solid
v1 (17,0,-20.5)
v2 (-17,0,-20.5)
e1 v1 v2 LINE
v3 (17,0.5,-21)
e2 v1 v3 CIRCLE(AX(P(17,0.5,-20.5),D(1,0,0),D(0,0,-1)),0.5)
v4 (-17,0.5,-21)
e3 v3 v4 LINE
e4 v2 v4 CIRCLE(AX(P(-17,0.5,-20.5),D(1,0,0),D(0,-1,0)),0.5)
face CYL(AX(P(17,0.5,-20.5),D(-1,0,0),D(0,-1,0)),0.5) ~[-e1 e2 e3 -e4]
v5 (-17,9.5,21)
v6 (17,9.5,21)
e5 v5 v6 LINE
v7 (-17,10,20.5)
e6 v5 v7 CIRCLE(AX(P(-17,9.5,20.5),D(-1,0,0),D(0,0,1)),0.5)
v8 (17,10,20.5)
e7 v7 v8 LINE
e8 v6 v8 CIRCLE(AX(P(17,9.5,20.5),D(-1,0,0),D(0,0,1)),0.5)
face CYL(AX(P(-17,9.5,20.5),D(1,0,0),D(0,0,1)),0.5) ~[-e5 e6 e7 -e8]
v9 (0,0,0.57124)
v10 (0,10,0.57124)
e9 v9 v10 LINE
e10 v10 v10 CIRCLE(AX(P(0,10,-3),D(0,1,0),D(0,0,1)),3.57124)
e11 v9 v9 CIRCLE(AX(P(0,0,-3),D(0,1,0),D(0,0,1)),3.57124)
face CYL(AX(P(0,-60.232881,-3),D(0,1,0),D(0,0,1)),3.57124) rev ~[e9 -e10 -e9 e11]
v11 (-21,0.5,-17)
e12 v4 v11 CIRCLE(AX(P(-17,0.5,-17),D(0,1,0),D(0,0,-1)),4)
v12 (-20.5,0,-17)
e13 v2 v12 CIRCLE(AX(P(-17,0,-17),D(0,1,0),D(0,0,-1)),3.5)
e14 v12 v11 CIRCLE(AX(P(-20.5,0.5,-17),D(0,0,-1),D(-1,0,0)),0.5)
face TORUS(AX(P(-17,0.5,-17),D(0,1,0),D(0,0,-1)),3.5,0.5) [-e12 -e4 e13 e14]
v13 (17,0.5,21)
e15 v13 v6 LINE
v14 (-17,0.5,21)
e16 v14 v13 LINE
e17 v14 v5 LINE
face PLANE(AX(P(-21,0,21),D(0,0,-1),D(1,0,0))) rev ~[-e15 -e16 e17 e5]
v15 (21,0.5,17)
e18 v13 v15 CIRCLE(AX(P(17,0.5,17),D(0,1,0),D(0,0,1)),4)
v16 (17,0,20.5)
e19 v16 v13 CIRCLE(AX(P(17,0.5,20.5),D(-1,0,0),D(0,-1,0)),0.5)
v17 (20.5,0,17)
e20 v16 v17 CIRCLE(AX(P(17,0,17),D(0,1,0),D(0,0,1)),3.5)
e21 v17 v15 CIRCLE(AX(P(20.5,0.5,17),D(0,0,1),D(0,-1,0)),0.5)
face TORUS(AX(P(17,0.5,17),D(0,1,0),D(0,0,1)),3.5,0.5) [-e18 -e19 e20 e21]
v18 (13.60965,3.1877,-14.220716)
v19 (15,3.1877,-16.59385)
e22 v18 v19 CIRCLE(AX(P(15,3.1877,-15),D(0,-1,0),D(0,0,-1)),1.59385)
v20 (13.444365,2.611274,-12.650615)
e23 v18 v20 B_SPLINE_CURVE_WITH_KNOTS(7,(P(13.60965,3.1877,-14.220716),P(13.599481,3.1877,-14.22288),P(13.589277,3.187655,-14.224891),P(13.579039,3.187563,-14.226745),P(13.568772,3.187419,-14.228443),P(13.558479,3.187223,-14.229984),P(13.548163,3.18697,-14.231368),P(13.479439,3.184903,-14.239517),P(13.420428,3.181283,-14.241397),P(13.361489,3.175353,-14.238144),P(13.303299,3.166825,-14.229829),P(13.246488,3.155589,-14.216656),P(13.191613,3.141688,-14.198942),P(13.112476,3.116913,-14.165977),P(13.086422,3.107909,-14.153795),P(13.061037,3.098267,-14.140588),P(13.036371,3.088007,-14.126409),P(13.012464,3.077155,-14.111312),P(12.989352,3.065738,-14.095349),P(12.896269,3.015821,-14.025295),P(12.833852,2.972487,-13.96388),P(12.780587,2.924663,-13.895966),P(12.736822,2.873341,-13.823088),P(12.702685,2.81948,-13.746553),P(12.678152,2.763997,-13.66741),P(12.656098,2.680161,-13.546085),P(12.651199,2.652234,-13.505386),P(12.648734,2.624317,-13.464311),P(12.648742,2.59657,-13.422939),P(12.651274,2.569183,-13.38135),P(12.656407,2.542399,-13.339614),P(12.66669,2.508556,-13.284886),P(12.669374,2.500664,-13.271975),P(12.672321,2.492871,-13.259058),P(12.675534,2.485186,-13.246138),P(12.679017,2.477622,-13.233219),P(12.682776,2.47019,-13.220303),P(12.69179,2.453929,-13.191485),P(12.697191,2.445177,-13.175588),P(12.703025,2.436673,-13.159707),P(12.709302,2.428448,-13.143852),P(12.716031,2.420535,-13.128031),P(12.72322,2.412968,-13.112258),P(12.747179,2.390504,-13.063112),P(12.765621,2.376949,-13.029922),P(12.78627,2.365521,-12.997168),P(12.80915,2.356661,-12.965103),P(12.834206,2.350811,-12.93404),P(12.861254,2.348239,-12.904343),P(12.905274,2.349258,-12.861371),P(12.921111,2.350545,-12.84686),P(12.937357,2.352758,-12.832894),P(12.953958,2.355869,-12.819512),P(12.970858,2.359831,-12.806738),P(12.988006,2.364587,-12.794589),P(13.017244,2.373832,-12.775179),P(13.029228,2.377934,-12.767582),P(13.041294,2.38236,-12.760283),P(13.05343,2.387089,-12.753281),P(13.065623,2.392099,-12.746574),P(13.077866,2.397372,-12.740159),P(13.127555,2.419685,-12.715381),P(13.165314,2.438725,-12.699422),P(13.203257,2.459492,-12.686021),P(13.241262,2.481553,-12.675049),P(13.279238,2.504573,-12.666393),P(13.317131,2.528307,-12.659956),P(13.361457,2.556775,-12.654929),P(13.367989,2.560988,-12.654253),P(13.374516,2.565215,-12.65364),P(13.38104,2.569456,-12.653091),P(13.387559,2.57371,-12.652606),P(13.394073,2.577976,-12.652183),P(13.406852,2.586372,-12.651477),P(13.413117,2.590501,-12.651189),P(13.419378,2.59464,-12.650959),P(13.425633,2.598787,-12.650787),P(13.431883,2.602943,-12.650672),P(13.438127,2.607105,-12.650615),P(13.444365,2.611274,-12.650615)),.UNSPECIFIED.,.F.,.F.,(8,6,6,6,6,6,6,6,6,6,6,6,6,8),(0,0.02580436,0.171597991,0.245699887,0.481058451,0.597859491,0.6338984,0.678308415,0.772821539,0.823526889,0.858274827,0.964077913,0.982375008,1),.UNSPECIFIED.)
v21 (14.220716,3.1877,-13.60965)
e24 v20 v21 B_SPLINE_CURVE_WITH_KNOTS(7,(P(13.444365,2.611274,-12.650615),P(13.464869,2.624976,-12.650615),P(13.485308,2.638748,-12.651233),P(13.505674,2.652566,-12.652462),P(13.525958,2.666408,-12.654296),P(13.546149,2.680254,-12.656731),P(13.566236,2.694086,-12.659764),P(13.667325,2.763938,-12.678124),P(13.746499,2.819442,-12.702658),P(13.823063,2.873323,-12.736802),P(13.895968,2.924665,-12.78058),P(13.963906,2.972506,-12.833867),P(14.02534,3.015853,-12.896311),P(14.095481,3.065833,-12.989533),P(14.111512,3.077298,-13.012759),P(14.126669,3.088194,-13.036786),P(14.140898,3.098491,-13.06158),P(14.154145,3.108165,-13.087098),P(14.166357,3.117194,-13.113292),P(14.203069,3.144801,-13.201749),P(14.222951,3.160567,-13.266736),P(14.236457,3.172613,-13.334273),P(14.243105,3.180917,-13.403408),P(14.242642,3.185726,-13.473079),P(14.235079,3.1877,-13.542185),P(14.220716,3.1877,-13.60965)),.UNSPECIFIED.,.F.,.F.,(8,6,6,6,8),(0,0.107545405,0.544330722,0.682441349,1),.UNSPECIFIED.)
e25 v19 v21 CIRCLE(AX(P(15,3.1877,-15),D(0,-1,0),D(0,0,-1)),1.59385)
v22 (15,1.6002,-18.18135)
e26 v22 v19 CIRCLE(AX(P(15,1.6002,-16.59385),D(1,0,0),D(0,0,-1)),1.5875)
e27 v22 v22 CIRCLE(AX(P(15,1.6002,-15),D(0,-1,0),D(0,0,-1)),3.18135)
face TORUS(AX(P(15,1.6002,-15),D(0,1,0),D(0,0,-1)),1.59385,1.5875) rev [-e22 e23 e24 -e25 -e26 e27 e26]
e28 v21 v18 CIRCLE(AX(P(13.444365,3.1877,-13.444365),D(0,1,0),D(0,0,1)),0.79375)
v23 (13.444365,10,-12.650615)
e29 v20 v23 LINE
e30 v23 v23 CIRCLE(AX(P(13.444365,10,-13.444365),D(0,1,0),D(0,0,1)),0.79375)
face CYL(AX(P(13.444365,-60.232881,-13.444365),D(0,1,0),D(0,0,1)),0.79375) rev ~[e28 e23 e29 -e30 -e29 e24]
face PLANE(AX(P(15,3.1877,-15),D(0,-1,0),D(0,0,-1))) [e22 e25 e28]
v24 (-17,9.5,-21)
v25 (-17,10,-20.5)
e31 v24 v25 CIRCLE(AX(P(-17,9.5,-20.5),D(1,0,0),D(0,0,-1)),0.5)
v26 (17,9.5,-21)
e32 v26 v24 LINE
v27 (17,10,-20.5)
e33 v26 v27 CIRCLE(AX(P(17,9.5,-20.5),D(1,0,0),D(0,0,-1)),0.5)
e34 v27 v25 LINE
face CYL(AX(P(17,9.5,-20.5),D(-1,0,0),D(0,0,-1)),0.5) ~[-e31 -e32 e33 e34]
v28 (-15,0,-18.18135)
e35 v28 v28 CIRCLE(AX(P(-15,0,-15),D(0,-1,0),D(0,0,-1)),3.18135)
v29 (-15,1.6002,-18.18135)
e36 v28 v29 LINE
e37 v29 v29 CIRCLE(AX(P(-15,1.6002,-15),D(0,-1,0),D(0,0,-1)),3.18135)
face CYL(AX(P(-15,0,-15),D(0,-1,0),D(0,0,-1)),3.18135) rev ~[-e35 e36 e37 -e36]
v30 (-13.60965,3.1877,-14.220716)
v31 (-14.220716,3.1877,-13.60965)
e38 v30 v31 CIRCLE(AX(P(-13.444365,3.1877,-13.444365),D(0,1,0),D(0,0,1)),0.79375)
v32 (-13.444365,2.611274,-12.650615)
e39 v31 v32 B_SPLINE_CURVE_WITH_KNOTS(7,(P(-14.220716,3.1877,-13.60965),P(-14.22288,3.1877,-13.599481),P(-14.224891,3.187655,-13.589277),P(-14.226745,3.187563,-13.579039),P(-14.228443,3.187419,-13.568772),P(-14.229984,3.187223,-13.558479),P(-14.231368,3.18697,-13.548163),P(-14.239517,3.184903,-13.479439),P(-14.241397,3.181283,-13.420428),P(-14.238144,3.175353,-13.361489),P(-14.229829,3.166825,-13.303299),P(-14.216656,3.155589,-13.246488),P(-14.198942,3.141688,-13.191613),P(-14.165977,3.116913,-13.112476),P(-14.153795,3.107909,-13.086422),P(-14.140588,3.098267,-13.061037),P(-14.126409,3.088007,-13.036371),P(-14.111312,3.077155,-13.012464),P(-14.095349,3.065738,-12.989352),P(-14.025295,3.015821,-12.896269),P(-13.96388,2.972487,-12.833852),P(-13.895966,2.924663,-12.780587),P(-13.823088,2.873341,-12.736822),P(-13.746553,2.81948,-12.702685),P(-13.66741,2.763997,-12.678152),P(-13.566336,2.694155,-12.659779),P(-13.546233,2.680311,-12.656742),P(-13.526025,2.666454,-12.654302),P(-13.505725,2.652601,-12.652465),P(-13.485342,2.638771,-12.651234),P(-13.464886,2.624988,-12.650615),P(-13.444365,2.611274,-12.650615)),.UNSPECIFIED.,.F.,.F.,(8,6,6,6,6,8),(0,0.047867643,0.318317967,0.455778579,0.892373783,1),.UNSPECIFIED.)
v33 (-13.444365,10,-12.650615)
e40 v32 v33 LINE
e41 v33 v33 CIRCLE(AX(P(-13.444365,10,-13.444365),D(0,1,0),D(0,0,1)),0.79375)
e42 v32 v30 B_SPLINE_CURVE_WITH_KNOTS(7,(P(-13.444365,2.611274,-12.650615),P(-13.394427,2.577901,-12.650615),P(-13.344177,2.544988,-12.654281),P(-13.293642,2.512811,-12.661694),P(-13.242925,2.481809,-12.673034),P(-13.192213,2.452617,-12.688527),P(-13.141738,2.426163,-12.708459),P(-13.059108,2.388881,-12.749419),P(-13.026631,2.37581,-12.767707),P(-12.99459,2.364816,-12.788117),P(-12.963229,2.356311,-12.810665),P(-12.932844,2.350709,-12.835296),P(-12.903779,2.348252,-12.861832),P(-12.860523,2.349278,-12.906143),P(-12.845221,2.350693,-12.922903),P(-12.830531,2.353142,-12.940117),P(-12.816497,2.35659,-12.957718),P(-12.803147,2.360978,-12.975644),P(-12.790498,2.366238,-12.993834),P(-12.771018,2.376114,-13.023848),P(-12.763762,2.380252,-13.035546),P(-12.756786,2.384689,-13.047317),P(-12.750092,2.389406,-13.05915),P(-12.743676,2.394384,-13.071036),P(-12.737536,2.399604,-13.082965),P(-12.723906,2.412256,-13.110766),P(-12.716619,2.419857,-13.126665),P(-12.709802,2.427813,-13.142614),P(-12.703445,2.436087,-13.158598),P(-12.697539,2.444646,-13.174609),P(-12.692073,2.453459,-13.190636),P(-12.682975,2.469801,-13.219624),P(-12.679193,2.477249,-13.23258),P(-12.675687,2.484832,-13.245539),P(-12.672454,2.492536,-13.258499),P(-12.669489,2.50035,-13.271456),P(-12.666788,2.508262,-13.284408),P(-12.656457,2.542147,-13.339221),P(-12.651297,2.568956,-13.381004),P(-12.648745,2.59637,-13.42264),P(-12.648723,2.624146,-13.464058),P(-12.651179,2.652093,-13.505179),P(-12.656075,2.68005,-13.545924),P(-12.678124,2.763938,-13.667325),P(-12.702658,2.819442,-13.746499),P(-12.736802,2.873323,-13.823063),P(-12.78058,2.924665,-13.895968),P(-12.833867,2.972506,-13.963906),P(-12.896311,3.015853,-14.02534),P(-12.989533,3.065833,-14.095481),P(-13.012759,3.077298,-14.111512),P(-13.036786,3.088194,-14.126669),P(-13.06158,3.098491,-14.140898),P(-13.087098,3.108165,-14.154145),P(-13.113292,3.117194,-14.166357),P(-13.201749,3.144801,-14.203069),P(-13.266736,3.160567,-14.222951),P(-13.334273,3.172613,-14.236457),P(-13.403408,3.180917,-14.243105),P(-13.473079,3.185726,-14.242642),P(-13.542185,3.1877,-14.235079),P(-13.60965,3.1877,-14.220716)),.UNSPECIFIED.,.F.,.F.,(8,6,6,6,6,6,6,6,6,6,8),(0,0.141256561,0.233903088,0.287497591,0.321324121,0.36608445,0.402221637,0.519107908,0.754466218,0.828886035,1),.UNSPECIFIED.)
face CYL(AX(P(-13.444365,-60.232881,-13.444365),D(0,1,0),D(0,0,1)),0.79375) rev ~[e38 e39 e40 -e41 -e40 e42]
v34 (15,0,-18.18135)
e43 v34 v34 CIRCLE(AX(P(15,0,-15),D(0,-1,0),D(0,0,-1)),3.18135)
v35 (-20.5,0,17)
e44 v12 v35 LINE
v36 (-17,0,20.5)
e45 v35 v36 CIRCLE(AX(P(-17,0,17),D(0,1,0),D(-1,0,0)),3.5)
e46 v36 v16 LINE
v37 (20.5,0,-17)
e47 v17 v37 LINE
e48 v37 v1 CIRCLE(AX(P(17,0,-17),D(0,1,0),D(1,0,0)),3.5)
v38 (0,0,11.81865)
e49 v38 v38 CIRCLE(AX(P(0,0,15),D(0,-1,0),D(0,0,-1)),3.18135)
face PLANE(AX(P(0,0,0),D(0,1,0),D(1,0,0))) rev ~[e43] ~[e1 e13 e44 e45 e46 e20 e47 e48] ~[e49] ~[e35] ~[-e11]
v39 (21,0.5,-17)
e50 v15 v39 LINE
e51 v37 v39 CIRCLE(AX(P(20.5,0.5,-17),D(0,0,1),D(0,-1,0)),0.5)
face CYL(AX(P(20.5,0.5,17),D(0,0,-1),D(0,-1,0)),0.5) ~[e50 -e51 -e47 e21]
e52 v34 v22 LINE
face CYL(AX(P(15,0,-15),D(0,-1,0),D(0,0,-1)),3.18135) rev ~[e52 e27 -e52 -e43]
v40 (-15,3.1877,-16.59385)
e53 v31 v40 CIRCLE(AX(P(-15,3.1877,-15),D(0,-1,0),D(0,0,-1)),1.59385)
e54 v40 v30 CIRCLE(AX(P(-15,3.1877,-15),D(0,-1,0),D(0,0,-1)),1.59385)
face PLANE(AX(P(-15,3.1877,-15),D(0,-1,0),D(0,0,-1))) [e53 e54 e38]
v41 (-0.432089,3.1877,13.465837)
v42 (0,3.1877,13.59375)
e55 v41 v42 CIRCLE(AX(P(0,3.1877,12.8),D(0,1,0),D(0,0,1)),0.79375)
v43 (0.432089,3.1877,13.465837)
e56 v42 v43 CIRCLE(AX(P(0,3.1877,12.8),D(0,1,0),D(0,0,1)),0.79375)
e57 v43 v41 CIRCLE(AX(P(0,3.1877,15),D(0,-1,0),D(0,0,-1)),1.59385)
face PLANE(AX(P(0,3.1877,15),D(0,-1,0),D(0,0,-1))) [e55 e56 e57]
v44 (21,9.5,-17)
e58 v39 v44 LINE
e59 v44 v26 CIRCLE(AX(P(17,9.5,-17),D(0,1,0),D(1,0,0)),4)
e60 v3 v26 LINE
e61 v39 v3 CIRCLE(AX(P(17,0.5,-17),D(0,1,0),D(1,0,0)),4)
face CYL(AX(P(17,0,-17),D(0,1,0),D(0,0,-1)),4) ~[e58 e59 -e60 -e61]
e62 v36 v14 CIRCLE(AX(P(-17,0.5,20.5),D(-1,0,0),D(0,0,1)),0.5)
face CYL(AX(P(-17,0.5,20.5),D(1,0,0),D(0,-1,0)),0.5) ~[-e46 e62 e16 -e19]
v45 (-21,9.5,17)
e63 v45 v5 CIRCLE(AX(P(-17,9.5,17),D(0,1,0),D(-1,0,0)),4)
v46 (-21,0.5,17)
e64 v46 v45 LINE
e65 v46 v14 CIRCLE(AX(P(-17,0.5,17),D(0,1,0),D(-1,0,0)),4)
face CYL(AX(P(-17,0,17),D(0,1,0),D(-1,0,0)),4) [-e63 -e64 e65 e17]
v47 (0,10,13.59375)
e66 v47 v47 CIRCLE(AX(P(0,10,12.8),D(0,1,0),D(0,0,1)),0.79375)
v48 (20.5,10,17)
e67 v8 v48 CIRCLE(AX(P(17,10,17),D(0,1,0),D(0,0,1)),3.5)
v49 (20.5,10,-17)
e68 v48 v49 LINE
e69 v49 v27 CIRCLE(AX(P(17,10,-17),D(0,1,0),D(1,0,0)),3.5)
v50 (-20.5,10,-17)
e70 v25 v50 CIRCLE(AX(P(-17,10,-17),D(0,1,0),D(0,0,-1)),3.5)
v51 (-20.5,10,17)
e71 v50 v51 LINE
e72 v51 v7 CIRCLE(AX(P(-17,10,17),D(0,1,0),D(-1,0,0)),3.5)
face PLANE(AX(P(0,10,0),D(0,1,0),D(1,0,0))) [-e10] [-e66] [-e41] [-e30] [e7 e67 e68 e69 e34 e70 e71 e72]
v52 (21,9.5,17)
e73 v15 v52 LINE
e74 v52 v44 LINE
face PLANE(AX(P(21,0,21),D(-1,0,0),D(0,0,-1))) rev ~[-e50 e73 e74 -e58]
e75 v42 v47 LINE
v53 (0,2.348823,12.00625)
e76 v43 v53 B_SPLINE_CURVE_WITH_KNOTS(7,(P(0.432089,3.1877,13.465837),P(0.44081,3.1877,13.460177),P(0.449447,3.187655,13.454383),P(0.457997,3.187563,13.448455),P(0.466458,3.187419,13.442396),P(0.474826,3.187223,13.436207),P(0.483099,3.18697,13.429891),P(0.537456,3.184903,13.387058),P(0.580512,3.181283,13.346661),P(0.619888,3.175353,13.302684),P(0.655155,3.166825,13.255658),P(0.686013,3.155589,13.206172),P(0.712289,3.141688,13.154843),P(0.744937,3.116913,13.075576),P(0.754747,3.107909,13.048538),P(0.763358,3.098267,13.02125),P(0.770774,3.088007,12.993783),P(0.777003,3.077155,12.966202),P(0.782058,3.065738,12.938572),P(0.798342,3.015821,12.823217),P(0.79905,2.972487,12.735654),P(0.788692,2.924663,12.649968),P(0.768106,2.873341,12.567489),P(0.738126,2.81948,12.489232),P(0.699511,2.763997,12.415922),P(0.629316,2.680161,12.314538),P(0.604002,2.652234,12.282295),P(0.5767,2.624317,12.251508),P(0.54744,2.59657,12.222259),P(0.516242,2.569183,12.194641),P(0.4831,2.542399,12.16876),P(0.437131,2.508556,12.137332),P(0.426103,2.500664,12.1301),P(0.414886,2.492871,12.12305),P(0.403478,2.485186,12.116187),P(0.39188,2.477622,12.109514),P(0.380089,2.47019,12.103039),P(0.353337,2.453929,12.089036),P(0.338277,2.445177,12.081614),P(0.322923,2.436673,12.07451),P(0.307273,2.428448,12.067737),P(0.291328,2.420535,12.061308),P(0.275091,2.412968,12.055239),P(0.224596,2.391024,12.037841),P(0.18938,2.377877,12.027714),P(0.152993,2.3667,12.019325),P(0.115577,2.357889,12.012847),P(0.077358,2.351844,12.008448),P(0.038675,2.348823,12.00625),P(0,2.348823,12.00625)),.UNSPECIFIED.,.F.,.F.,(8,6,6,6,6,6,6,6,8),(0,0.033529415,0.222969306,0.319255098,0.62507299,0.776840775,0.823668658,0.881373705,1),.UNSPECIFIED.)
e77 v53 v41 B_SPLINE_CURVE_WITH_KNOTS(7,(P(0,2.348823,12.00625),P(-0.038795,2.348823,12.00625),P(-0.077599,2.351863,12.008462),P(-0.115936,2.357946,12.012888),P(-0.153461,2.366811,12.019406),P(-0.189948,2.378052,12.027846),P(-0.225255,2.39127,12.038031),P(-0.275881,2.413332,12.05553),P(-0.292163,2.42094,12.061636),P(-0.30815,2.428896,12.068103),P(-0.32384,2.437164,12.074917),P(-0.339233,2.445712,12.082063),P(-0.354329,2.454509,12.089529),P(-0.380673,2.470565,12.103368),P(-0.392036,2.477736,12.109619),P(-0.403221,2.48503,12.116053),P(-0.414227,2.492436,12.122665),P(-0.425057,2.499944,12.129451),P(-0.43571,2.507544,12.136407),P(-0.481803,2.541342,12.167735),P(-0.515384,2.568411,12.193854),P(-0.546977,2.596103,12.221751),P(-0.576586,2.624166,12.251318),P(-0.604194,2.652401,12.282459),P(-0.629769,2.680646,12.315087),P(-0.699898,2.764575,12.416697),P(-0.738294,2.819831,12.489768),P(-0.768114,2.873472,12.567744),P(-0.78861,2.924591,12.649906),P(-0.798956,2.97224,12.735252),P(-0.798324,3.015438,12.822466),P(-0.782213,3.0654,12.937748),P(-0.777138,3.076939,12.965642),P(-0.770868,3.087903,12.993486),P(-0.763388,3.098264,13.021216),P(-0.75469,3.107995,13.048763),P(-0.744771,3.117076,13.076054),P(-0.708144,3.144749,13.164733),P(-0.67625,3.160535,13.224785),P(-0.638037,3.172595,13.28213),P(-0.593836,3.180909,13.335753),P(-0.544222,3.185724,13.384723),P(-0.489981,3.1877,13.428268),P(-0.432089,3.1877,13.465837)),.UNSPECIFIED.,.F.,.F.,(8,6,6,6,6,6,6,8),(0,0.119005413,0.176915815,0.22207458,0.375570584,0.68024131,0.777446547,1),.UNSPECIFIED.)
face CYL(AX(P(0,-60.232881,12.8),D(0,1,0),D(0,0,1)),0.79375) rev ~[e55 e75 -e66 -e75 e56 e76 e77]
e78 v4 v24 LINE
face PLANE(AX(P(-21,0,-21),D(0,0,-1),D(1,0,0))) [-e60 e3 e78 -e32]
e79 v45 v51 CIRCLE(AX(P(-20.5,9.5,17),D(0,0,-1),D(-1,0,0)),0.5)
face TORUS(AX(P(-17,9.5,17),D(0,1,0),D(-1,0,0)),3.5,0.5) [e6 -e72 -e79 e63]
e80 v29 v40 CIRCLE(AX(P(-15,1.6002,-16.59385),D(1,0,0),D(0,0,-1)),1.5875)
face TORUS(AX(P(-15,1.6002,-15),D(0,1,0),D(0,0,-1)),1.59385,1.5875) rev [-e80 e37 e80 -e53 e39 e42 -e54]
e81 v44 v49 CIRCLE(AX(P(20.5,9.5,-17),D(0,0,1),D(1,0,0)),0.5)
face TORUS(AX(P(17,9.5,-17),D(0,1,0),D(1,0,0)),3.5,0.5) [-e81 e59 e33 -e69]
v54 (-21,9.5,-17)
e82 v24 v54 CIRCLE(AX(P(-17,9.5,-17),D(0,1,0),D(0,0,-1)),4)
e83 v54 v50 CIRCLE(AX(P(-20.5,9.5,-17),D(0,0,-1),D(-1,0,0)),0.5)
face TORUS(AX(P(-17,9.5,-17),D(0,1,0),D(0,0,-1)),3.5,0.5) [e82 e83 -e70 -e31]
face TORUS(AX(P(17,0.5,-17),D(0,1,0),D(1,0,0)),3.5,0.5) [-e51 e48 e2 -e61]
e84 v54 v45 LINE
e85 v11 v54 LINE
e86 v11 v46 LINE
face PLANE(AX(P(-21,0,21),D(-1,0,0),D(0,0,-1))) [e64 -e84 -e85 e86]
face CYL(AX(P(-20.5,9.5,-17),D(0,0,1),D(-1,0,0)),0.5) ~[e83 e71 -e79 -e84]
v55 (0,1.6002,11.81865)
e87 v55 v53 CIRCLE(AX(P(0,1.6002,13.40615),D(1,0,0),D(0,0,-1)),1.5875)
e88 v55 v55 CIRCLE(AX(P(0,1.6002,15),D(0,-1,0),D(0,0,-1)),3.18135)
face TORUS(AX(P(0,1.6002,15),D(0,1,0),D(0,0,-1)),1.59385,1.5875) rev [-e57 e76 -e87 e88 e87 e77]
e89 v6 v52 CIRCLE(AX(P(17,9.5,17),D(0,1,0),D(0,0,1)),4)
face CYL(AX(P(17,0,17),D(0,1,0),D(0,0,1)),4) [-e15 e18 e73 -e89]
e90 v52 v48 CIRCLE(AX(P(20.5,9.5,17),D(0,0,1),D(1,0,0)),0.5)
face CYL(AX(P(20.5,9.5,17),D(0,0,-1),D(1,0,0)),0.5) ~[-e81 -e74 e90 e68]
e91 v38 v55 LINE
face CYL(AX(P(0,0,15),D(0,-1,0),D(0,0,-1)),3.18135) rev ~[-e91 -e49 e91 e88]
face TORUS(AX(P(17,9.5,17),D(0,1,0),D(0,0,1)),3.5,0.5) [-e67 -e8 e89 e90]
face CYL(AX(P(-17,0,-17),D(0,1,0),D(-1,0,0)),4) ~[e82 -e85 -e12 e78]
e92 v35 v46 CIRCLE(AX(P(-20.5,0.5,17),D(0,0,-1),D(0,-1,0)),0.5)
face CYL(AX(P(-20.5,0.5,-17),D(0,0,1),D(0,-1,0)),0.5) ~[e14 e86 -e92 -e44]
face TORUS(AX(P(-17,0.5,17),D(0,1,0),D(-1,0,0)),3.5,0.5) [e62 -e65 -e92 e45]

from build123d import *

# Parameters (mm, degrees)
SKETCH1_W                      = 42
SKETCH1_H                      = 42
EXTRUDE1_DEPTH                 = 10
SKETCH2_R                      = 3.18135
EXTRUDE2_DEPTH                 = 3.1877
F_1_4_CLEARANCE_HOLE1_D        = 7.14248
FILLET1_R                      = 4
FILLET2_R                      = 1.5875
F_1_16_0_0625_DIAMETER_HOLE1_D = 1.5875
FILLET3_R                      = 0.5


with BuildPart() as part:
    # Sketch1 → Extrude1 (new body)
    with BuildSketch(Plane(origin=(0, 0, 0), x_dir=(1, 0, 0), z_dir=(0, 1, 0))):
        Rectangle(SKETCH1_W, SKETCH1_H)
    extrude(amount=EXTRUDE1_DEPTH)

    # Sketch2 → Extrude2 (cut)
    with BuildSketch(Plane.XZ):
        with Locations(Location((-15, -15, 0), (0, 0, 270))):  # turned: the seam where the file's is
            Circle(SKETCH2_R)
        with Locations(Location((15, -15, 0), (0, 0, 270))):  # turned: the seam where the file's is
            Circle(SKETCH2_R)
        with Locations(Location((0, 15, 0), (0, 0, 270))):  # turned: the seam where the file's is
            Circle(SKETCH2_R)
    extrude(amount=-EXTRUDE2_DEPTH, mode=Mode.SUBTRACT)

    # 1/4 Clearance Hole1 (through all)
    with Locations(Plane(origin=(0, 0, -3), x_dir=(0, 0, -1), z_dir=(0, -1, 0))):
        with Locations((0, 0)):
            Hole(F_1_4_CLEARANCE_HOLE1_D / 2)

    # Fillet1
    fillet1_edges = [part.edges().sort_by_distance(p)[0] for p in [
        (-21, 5, -21),
        (21, 5, -21),
        (21, 5, 21),
        (-21, 5, 21),
    ]]
    fillet(fillet1_edges, radius=FILLET1_R)

    # Fillet2
    fillet2_edges = [part.edges().sort_by_distance(p)[0] for p in [
        (-15, 3.1877, -11.81865),
        (15, 3.1877, -11.81865),
        (0, 3.1877, 18.18135),
    ]]
    fillet(fillet2_edges, radius=FILLET2_R)

    # 1/16 (0.0625) Diameter Hole1 (through all)
    with Locations(Plane(origin=(0, 0, 12.8), x_dir=(0, 0, -1), z_dir=(0, -1, 0))):
        with Locations((0, 0), (26.244365081, -13.444365081), (26.244365081, 13.444365081)):
            Hole(F_1_16_0_0625_DIAMETER_HOLE1_D / 2)

    # Fillet3
    fillet3_edges = [part.edges().sort_by_distance(p)[0] for p in [
        (21, 0, 0),
        (21, 10, 0),
        (-21, 0, 0),
        (0, 0, -21),
        (0, 0, 21),
        (19.828427125, 0, -19.828427125),
        (-19.828427125, 0, -19.828427125),
        (-19.828427125, 0, 19.828427125),
        (19.828427125, 0, 19.828427125),
        (0, 10, 21),
        (-21, 10, 0),
        (0, 10, -21),
        (19.828427125, 10, -19.828427125),
        (-19.828427125, 10, -19.828427125),
        (-19.828427125, 10, 19.828427125),
        (19.828427125, 10, 19.828427125),
    ]]
    fillet(fillet3_edges, radius=FILLET3_R)


solid = part.part
